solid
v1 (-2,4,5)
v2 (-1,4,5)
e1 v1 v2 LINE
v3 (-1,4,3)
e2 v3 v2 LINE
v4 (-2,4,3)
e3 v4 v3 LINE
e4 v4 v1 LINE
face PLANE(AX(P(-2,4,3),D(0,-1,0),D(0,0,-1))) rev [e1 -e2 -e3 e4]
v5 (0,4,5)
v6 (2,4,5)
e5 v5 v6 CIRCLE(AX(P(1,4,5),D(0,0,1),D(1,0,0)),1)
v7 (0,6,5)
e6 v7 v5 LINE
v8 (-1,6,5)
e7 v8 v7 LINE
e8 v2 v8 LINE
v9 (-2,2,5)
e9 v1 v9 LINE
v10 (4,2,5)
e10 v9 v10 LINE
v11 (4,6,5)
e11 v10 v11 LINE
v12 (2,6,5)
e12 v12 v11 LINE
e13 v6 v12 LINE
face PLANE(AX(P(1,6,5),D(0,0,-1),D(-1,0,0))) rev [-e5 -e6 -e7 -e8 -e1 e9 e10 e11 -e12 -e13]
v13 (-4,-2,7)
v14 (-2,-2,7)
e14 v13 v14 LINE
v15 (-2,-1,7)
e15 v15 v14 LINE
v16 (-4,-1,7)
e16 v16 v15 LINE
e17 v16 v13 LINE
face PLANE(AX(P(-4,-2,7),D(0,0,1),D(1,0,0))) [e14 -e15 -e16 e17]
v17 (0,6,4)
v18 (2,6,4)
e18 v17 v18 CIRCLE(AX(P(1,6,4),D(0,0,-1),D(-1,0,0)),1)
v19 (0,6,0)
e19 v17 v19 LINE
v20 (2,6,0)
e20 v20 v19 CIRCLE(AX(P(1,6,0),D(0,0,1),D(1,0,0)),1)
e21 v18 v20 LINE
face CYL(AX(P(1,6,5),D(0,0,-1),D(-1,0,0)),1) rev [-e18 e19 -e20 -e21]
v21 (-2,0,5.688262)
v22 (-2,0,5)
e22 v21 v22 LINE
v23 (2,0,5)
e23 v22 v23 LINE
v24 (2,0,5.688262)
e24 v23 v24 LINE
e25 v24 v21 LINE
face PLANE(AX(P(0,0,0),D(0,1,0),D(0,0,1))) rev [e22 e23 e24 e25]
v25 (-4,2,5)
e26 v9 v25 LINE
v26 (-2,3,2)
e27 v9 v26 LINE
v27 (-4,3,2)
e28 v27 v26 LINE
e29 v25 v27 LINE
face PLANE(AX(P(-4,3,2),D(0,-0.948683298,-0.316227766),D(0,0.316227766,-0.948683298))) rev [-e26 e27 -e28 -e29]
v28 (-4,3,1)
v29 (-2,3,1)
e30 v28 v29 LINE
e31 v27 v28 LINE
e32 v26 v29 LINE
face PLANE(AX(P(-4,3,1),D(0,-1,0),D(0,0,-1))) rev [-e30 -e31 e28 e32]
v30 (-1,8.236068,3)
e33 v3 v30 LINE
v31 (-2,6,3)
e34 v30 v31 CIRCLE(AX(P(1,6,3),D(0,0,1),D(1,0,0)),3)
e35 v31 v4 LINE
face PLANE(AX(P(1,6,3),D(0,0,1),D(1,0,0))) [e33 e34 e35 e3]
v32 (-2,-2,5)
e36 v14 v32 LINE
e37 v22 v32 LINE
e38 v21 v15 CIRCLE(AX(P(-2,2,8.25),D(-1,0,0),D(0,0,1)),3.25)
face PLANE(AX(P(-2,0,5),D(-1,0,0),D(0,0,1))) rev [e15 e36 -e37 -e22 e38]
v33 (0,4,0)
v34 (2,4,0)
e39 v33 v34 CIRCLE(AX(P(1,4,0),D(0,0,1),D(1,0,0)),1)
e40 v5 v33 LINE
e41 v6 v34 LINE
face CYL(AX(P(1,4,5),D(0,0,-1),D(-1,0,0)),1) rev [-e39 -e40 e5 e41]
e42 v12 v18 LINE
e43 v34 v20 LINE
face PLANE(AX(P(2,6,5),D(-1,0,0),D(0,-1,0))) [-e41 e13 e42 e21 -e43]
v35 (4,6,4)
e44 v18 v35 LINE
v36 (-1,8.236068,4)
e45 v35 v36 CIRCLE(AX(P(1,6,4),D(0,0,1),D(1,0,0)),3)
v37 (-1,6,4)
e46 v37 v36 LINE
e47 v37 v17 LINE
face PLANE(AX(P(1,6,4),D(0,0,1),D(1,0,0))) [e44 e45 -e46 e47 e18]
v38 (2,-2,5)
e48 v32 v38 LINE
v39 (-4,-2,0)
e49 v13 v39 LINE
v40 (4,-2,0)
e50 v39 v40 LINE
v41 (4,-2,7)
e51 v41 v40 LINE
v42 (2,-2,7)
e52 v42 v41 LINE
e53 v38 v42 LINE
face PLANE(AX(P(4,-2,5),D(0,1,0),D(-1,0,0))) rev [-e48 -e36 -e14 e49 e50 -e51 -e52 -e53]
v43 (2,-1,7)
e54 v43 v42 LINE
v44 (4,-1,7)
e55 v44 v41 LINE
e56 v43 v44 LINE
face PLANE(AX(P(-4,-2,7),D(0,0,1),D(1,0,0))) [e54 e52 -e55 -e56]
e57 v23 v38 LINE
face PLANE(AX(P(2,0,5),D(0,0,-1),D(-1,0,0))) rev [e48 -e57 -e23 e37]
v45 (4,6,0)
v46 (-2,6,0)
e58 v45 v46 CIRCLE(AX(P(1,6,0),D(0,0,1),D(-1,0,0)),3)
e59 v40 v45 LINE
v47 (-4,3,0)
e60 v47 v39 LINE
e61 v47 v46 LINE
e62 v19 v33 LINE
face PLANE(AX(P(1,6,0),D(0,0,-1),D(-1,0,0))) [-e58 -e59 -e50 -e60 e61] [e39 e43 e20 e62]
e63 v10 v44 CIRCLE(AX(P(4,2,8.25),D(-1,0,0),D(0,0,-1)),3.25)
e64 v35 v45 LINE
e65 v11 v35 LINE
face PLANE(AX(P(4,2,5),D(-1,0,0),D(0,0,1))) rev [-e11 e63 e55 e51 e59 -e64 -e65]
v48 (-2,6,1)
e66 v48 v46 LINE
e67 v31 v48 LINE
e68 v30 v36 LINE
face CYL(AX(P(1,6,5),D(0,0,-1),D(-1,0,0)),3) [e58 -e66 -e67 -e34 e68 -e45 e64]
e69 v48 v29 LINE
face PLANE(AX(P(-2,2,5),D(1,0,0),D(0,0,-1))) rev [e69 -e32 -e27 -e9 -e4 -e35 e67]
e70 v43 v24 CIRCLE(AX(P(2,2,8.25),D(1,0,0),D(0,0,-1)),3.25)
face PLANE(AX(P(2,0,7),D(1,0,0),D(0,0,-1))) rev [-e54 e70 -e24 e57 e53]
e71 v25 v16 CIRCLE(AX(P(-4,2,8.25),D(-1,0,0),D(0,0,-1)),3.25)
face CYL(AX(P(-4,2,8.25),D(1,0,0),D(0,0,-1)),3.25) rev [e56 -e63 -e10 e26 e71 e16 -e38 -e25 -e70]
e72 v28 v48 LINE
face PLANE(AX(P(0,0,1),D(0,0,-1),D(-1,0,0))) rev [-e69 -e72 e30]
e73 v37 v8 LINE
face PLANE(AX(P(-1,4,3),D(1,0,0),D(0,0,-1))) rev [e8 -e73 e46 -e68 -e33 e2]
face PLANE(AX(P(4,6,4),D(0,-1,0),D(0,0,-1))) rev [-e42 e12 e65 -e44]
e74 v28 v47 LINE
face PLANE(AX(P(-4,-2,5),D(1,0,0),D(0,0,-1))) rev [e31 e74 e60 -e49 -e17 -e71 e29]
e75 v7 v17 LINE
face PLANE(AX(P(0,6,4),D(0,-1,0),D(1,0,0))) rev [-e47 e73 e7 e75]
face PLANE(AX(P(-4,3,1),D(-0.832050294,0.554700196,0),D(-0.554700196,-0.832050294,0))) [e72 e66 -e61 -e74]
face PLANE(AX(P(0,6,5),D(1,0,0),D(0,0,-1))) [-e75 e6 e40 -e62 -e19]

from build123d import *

# Parameters (mm, degrees)
BOSS_EXTRUDE2_DEPTH = 5
BOSS_EXTRUDE3_DEPTH = 8
SKETCH4_W           = 4
SKETCH4_H           = 2
CUT_EXTRUDE2_DEPTH  = 2
CUT_EXTRUDE3_DEPTH  = 1
CUT_EXTRUDE4_DEPTH  = 2
BOSS_EXTRUDE4_DEPTH = 1
BOSS_EXTRUDE5_DEPTH = 2


with BuildPart() as part:
    # Sketch1 → Boss-Extrude2 (new body)
    with BuildSketch(Plane.XY):
        with BuildLine():
            Line((4, 2), (4, 6))
            ThreePointArc((4, 6), (1, 9), (-2, 6))
            Line((-2, 6), (-2, 2))
            Line((-2, 2), (-4, 2))
            Line((-4, 2), (-4, -2))
            Line((-4, -2), (4, -2))
            Line((4, -2), (4, 2))
        make_face()
        with BuildLine():
            Line((2, 6), (2, 4))
            ThreePointArc((2, 4), (1, 3), (0, 4))
            Line((0, 4), (0, 6))
            ThreePointArc((0, 6), (1, 7), (2, 6))
        make_face(mode=Mode.SUBTRACT)
    extrude(amount=BOSS_EXTRUDE2_DEPTH)

    # Sketch2 → Boss-Extrude3 (add)
    with BuildSketch(Plane(origin=(4, 0, 0), x_dir=(0, 0, -1), z_dir=(1, 0, 0))):
        with BuildLine():
            Line((-5, -2), (-7, -2))
            Line((-7, -2), (-7, -1))
            ThreePointArc((-7, -1), (-5.545836543, 0.197224362), (-5, 2))
            Line((-5, 2), (-5, -2))
        make_face()
    extrude(amount=-BOSS_EXTRUDE3_DEPTH)

    # Sketch4 → Cut-Extrude2 (cut)
    with BuildSketch(Plane.XZ.offset(2)):
        with Locations((0, 6)):
            Rectangle(SKETCH4_W, SKETCH4_H)
    extrude(amount=-CUT_EXTRUDE2_DEPTH, mode=Mode.SUBTRACT)

    # Sketch5 → Cut-Extrude3 (cut)
    with BuildSketch(Plane.XY.offset(5)):
        with BuildLine():
            Line((4, 6), (2, 6))
            ThreePointArc((2, 6), (1, 7), (0, 6))
            Line((0, 6), (-2, 6))
            ThreePointArc((-2, 6), (1, 9), (4, 6))
        make_face()
    extrude(amount=-CUT_EXTRUDE3_DEPTH, mode=Mode.SUBTRACT)

    # Sketch6 → Cut-Extrude4 (cut)
    with BuildSketch(Plane.XY.offset(5)):
        with BuildLine():
            Line((-2, 4), (-1, 4))
            Line((-1, 4), (-1, 8.236067977))
            ThreePointArc((-1, 8.236067977), (-1.738612788, 7.224744871), (-2, 6))
            Line((-2, 6), (-2, 4))
        make_face()
    extrude(amount=-CUT_EXTRUDE4_DEPTH, mode=Mode.SUBTRACT)

    # Sketch7 → Boss-Extrude4 (add)
    with BuildSketch(Plane(origin=(0, 0, 0), x_dir=(-1, 0, 0), z_dir=(0, 0, -1))):
        Polygon((4, 2), (4, 3), (2, 6), (2, 2), align=None)
    extrude(amount=-BOSS_EXTRUDE4_DEPTH)

    # Sketch8 → Boss-Extrude5 (add)
    with BuildSketch(Plane.ZY.offset(2)):
        Polygon((1, 2), (1, 3), (2, 3), (5, 2), align=None)
    extrude(amount=BOSS_EXTRUDE5_DEPTH)


solid = part.part
